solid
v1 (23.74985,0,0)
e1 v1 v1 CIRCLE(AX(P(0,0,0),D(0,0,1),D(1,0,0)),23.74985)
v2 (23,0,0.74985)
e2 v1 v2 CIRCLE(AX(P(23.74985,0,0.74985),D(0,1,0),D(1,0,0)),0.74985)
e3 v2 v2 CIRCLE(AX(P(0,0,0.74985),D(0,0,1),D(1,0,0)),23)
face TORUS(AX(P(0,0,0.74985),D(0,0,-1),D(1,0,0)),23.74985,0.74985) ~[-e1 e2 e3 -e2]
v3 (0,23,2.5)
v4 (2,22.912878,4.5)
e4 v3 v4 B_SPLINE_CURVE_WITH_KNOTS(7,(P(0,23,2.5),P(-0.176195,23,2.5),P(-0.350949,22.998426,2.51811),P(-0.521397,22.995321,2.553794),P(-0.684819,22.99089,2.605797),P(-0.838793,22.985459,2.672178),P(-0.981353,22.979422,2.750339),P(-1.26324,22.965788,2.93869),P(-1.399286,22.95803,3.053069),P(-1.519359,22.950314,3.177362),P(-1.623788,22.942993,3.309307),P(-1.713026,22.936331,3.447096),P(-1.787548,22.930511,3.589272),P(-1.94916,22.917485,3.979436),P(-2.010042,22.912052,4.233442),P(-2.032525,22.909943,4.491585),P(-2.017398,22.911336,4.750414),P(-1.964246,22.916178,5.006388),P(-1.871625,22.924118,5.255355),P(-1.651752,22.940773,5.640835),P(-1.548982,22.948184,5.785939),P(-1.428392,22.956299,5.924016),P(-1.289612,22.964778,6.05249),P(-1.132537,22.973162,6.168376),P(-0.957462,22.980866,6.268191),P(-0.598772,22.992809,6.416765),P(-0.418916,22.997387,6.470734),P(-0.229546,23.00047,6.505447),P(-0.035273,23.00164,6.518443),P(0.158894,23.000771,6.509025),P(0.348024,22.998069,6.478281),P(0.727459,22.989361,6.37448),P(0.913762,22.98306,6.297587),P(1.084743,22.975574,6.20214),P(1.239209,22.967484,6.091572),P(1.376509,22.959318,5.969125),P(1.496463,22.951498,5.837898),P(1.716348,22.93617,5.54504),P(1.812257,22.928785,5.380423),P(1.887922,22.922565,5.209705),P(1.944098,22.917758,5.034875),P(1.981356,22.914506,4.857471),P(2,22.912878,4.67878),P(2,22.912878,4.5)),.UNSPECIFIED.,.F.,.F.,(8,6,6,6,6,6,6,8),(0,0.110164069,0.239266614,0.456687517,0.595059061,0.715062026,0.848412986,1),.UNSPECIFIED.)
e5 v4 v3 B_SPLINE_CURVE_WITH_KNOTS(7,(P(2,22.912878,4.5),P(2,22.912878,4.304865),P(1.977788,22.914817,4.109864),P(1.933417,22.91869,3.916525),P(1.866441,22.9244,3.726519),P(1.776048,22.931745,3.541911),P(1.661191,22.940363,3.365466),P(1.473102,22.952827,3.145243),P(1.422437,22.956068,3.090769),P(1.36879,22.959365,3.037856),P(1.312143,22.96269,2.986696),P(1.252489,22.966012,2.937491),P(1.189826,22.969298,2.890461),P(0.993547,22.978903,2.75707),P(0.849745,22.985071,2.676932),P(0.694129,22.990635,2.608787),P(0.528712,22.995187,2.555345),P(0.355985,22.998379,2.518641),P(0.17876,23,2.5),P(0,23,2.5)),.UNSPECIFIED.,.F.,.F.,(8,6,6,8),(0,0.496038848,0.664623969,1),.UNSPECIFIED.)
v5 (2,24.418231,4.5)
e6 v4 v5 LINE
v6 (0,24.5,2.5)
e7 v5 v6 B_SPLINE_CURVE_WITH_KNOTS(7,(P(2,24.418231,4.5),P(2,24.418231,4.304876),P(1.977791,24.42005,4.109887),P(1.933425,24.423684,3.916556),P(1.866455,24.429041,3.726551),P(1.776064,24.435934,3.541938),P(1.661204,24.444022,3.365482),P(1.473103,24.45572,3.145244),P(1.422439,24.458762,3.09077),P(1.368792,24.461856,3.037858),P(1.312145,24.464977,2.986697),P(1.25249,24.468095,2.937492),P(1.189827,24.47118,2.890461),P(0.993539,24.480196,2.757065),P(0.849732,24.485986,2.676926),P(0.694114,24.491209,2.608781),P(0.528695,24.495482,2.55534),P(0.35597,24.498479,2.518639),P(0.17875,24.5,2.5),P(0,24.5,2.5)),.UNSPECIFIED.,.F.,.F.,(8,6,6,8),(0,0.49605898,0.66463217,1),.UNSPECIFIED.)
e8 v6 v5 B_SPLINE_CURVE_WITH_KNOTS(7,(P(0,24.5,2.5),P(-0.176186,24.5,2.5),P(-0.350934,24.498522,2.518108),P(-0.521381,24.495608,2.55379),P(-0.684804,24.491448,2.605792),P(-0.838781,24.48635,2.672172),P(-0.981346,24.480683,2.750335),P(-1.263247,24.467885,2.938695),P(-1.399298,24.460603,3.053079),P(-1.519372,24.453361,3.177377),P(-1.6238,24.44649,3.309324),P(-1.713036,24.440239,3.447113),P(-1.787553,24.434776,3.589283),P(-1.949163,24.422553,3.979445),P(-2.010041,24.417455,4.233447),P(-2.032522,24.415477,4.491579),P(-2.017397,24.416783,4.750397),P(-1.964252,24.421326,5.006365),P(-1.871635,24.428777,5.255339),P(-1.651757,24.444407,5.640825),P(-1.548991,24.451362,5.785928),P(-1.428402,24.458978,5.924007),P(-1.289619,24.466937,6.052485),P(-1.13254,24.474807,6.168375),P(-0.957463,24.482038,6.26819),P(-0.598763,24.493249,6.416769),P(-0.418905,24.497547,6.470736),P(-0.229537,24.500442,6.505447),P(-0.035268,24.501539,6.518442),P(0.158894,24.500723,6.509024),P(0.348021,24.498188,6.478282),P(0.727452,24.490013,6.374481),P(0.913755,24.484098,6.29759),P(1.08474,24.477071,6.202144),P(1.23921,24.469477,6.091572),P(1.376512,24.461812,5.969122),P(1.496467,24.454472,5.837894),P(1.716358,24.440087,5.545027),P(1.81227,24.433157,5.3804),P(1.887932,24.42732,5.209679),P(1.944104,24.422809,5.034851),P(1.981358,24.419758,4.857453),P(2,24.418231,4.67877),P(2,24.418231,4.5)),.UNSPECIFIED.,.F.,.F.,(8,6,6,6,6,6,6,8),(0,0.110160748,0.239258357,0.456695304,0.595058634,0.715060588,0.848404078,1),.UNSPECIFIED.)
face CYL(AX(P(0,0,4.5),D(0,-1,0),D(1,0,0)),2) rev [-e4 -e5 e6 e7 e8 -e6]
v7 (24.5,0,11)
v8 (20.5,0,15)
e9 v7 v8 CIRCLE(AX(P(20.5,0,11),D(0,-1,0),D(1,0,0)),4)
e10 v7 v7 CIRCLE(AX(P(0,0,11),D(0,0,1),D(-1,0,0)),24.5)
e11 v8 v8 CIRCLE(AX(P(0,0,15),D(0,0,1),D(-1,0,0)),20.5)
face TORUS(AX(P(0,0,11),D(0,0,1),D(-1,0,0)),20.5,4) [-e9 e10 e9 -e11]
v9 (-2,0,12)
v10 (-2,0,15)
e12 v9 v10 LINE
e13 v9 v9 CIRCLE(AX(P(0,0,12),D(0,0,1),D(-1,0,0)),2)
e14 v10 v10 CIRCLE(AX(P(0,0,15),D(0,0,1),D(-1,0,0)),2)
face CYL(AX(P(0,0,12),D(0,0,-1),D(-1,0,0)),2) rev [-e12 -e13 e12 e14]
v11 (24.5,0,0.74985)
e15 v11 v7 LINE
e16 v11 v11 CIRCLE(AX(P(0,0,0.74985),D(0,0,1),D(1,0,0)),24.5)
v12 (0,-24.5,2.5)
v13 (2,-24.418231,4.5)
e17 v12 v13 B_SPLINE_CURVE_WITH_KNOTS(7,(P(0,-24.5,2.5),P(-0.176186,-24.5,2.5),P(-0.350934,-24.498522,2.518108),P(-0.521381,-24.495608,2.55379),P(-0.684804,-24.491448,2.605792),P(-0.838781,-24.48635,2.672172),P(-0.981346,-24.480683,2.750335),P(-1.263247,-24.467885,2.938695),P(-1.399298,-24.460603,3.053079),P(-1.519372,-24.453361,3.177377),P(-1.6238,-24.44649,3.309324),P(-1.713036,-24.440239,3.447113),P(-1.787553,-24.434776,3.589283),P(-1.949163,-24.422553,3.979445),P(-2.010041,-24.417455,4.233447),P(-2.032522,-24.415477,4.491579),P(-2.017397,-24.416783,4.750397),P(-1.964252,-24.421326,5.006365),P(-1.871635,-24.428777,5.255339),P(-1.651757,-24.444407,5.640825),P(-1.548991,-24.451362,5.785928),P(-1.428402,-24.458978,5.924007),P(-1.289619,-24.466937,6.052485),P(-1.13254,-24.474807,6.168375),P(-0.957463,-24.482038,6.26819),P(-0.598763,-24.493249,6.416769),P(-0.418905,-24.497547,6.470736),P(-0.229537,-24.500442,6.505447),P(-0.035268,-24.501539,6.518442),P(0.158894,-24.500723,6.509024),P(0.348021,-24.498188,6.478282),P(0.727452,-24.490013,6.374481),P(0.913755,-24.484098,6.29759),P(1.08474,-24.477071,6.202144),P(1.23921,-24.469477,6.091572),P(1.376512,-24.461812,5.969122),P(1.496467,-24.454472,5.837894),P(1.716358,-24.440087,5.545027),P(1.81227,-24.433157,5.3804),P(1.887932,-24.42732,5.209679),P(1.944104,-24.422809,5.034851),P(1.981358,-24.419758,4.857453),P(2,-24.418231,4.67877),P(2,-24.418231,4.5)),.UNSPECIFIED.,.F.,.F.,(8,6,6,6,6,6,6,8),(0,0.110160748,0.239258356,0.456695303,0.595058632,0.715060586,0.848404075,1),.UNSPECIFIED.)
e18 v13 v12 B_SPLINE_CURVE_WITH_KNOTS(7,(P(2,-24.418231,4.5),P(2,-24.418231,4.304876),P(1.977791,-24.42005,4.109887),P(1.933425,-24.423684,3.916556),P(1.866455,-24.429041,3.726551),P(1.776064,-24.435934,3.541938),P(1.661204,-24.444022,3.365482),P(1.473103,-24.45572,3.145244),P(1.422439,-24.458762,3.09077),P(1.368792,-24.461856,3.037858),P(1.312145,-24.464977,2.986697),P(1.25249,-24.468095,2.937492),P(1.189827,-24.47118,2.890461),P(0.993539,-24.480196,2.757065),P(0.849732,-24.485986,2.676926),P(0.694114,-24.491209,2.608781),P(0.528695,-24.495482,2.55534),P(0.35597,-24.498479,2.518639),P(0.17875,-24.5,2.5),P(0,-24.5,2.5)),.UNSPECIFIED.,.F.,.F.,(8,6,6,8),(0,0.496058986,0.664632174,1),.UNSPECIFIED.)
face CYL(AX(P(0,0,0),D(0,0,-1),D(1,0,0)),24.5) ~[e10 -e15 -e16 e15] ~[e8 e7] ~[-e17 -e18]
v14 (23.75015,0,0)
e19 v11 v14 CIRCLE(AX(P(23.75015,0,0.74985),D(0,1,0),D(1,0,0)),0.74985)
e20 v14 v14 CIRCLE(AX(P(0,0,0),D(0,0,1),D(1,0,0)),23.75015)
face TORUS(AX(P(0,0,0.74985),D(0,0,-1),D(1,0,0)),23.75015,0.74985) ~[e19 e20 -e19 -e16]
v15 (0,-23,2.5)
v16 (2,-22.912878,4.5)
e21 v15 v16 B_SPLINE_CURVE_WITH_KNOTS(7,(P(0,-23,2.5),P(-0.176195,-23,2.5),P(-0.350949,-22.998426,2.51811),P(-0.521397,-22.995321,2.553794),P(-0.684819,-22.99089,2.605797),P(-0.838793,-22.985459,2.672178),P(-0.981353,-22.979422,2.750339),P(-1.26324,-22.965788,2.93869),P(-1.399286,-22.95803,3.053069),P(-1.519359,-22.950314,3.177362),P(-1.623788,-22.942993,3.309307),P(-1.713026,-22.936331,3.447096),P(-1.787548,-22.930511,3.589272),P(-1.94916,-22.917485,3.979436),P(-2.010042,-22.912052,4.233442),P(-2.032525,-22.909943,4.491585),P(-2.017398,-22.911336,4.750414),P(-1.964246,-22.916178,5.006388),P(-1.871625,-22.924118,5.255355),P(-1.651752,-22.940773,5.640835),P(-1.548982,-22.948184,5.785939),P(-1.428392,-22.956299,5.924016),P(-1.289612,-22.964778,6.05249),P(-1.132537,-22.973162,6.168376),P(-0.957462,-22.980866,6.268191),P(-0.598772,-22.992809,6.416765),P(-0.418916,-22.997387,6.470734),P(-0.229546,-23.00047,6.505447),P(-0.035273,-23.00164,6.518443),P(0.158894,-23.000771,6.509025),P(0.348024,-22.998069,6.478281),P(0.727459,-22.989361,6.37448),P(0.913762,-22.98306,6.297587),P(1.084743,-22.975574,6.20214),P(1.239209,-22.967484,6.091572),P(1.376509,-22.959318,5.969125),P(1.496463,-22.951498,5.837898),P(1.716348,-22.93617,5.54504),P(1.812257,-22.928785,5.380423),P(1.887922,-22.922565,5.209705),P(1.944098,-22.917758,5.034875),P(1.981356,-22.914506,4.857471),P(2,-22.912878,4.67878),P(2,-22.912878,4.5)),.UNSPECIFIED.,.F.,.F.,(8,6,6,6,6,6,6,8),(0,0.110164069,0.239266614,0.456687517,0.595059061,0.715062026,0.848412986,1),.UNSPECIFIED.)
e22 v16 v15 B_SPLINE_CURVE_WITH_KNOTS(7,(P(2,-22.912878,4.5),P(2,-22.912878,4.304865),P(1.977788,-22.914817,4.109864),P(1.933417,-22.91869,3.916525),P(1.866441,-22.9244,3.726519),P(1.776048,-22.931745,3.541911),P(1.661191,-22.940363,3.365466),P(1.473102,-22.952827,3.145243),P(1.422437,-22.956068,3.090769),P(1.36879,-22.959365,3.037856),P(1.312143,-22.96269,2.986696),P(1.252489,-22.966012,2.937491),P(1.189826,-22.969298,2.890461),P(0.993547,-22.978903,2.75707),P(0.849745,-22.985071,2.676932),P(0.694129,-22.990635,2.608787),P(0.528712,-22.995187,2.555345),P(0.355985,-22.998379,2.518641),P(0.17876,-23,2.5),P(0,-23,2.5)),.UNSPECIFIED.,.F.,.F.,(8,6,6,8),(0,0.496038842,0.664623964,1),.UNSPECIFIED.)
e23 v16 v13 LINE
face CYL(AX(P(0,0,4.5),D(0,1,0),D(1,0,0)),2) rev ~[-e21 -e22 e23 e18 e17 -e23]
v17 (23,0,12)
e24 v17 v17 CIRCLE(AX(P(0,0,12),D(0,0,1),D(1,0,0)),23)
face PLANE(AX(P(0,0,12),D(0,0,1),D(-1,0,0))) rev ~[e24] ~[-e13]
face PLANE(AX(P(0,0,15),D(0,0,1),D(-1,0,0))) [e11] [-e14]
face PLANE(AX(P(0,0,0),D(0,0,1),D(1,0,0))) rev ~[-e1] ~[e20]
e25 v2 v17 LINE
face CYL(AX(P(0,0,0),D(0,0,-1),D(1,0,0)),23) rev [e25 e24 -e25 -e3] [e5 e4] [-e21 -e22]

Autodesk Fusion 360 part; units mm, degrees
sketch "Sketch1" plane through (0, 0, 0) normal (0, 0, 1) x (1, 0, 0)
  circle A0 centre (0, 0) radius 23
  circle A1 centre (0, 0) radius 24.5
  dimension "d1" = 46
  dimension "d2" = 49
extrude "Extrude1" add sketch "Sketch1" along normal blind 12
sketch "Sketch2" plane through (0, 0, 12) normal (0, 0, 1) x (-1, 0, 0)
  circle A0 centre (0, 0) radius 23
  circle A1 centre (0, 0) radius 24.5
  circle A2 centre (0, 0) radius 2
  circle A3 centre (0, 0) radius 24.5
  dimension "d5" = 4
extrude "Extrude2" add sketch "Sketch2" along normal blind 3 contours A0 | A1 A3
fillet "Fillet1" radius 4 1 edges at (22.842, 8.8596, 15)
sketch "Sketch3" plane through (0, 0, 0) normal (0, 1, 0) x (1, 0, 0)
  line L0 (0, 0) -> (0, -4.5)
  circle A0 centre (0, -4.5) radius 2
  dimension "d10" = 4.5
  dimension "d11" = 4
extrude "Extrude3" cut sketch "Sketch3" along normal mid plane 700
fillet "Fillet2" radius 0.75 2 edges at (-22.842, -8.8596, 0) (-21.4435, 8.3172, 0)
